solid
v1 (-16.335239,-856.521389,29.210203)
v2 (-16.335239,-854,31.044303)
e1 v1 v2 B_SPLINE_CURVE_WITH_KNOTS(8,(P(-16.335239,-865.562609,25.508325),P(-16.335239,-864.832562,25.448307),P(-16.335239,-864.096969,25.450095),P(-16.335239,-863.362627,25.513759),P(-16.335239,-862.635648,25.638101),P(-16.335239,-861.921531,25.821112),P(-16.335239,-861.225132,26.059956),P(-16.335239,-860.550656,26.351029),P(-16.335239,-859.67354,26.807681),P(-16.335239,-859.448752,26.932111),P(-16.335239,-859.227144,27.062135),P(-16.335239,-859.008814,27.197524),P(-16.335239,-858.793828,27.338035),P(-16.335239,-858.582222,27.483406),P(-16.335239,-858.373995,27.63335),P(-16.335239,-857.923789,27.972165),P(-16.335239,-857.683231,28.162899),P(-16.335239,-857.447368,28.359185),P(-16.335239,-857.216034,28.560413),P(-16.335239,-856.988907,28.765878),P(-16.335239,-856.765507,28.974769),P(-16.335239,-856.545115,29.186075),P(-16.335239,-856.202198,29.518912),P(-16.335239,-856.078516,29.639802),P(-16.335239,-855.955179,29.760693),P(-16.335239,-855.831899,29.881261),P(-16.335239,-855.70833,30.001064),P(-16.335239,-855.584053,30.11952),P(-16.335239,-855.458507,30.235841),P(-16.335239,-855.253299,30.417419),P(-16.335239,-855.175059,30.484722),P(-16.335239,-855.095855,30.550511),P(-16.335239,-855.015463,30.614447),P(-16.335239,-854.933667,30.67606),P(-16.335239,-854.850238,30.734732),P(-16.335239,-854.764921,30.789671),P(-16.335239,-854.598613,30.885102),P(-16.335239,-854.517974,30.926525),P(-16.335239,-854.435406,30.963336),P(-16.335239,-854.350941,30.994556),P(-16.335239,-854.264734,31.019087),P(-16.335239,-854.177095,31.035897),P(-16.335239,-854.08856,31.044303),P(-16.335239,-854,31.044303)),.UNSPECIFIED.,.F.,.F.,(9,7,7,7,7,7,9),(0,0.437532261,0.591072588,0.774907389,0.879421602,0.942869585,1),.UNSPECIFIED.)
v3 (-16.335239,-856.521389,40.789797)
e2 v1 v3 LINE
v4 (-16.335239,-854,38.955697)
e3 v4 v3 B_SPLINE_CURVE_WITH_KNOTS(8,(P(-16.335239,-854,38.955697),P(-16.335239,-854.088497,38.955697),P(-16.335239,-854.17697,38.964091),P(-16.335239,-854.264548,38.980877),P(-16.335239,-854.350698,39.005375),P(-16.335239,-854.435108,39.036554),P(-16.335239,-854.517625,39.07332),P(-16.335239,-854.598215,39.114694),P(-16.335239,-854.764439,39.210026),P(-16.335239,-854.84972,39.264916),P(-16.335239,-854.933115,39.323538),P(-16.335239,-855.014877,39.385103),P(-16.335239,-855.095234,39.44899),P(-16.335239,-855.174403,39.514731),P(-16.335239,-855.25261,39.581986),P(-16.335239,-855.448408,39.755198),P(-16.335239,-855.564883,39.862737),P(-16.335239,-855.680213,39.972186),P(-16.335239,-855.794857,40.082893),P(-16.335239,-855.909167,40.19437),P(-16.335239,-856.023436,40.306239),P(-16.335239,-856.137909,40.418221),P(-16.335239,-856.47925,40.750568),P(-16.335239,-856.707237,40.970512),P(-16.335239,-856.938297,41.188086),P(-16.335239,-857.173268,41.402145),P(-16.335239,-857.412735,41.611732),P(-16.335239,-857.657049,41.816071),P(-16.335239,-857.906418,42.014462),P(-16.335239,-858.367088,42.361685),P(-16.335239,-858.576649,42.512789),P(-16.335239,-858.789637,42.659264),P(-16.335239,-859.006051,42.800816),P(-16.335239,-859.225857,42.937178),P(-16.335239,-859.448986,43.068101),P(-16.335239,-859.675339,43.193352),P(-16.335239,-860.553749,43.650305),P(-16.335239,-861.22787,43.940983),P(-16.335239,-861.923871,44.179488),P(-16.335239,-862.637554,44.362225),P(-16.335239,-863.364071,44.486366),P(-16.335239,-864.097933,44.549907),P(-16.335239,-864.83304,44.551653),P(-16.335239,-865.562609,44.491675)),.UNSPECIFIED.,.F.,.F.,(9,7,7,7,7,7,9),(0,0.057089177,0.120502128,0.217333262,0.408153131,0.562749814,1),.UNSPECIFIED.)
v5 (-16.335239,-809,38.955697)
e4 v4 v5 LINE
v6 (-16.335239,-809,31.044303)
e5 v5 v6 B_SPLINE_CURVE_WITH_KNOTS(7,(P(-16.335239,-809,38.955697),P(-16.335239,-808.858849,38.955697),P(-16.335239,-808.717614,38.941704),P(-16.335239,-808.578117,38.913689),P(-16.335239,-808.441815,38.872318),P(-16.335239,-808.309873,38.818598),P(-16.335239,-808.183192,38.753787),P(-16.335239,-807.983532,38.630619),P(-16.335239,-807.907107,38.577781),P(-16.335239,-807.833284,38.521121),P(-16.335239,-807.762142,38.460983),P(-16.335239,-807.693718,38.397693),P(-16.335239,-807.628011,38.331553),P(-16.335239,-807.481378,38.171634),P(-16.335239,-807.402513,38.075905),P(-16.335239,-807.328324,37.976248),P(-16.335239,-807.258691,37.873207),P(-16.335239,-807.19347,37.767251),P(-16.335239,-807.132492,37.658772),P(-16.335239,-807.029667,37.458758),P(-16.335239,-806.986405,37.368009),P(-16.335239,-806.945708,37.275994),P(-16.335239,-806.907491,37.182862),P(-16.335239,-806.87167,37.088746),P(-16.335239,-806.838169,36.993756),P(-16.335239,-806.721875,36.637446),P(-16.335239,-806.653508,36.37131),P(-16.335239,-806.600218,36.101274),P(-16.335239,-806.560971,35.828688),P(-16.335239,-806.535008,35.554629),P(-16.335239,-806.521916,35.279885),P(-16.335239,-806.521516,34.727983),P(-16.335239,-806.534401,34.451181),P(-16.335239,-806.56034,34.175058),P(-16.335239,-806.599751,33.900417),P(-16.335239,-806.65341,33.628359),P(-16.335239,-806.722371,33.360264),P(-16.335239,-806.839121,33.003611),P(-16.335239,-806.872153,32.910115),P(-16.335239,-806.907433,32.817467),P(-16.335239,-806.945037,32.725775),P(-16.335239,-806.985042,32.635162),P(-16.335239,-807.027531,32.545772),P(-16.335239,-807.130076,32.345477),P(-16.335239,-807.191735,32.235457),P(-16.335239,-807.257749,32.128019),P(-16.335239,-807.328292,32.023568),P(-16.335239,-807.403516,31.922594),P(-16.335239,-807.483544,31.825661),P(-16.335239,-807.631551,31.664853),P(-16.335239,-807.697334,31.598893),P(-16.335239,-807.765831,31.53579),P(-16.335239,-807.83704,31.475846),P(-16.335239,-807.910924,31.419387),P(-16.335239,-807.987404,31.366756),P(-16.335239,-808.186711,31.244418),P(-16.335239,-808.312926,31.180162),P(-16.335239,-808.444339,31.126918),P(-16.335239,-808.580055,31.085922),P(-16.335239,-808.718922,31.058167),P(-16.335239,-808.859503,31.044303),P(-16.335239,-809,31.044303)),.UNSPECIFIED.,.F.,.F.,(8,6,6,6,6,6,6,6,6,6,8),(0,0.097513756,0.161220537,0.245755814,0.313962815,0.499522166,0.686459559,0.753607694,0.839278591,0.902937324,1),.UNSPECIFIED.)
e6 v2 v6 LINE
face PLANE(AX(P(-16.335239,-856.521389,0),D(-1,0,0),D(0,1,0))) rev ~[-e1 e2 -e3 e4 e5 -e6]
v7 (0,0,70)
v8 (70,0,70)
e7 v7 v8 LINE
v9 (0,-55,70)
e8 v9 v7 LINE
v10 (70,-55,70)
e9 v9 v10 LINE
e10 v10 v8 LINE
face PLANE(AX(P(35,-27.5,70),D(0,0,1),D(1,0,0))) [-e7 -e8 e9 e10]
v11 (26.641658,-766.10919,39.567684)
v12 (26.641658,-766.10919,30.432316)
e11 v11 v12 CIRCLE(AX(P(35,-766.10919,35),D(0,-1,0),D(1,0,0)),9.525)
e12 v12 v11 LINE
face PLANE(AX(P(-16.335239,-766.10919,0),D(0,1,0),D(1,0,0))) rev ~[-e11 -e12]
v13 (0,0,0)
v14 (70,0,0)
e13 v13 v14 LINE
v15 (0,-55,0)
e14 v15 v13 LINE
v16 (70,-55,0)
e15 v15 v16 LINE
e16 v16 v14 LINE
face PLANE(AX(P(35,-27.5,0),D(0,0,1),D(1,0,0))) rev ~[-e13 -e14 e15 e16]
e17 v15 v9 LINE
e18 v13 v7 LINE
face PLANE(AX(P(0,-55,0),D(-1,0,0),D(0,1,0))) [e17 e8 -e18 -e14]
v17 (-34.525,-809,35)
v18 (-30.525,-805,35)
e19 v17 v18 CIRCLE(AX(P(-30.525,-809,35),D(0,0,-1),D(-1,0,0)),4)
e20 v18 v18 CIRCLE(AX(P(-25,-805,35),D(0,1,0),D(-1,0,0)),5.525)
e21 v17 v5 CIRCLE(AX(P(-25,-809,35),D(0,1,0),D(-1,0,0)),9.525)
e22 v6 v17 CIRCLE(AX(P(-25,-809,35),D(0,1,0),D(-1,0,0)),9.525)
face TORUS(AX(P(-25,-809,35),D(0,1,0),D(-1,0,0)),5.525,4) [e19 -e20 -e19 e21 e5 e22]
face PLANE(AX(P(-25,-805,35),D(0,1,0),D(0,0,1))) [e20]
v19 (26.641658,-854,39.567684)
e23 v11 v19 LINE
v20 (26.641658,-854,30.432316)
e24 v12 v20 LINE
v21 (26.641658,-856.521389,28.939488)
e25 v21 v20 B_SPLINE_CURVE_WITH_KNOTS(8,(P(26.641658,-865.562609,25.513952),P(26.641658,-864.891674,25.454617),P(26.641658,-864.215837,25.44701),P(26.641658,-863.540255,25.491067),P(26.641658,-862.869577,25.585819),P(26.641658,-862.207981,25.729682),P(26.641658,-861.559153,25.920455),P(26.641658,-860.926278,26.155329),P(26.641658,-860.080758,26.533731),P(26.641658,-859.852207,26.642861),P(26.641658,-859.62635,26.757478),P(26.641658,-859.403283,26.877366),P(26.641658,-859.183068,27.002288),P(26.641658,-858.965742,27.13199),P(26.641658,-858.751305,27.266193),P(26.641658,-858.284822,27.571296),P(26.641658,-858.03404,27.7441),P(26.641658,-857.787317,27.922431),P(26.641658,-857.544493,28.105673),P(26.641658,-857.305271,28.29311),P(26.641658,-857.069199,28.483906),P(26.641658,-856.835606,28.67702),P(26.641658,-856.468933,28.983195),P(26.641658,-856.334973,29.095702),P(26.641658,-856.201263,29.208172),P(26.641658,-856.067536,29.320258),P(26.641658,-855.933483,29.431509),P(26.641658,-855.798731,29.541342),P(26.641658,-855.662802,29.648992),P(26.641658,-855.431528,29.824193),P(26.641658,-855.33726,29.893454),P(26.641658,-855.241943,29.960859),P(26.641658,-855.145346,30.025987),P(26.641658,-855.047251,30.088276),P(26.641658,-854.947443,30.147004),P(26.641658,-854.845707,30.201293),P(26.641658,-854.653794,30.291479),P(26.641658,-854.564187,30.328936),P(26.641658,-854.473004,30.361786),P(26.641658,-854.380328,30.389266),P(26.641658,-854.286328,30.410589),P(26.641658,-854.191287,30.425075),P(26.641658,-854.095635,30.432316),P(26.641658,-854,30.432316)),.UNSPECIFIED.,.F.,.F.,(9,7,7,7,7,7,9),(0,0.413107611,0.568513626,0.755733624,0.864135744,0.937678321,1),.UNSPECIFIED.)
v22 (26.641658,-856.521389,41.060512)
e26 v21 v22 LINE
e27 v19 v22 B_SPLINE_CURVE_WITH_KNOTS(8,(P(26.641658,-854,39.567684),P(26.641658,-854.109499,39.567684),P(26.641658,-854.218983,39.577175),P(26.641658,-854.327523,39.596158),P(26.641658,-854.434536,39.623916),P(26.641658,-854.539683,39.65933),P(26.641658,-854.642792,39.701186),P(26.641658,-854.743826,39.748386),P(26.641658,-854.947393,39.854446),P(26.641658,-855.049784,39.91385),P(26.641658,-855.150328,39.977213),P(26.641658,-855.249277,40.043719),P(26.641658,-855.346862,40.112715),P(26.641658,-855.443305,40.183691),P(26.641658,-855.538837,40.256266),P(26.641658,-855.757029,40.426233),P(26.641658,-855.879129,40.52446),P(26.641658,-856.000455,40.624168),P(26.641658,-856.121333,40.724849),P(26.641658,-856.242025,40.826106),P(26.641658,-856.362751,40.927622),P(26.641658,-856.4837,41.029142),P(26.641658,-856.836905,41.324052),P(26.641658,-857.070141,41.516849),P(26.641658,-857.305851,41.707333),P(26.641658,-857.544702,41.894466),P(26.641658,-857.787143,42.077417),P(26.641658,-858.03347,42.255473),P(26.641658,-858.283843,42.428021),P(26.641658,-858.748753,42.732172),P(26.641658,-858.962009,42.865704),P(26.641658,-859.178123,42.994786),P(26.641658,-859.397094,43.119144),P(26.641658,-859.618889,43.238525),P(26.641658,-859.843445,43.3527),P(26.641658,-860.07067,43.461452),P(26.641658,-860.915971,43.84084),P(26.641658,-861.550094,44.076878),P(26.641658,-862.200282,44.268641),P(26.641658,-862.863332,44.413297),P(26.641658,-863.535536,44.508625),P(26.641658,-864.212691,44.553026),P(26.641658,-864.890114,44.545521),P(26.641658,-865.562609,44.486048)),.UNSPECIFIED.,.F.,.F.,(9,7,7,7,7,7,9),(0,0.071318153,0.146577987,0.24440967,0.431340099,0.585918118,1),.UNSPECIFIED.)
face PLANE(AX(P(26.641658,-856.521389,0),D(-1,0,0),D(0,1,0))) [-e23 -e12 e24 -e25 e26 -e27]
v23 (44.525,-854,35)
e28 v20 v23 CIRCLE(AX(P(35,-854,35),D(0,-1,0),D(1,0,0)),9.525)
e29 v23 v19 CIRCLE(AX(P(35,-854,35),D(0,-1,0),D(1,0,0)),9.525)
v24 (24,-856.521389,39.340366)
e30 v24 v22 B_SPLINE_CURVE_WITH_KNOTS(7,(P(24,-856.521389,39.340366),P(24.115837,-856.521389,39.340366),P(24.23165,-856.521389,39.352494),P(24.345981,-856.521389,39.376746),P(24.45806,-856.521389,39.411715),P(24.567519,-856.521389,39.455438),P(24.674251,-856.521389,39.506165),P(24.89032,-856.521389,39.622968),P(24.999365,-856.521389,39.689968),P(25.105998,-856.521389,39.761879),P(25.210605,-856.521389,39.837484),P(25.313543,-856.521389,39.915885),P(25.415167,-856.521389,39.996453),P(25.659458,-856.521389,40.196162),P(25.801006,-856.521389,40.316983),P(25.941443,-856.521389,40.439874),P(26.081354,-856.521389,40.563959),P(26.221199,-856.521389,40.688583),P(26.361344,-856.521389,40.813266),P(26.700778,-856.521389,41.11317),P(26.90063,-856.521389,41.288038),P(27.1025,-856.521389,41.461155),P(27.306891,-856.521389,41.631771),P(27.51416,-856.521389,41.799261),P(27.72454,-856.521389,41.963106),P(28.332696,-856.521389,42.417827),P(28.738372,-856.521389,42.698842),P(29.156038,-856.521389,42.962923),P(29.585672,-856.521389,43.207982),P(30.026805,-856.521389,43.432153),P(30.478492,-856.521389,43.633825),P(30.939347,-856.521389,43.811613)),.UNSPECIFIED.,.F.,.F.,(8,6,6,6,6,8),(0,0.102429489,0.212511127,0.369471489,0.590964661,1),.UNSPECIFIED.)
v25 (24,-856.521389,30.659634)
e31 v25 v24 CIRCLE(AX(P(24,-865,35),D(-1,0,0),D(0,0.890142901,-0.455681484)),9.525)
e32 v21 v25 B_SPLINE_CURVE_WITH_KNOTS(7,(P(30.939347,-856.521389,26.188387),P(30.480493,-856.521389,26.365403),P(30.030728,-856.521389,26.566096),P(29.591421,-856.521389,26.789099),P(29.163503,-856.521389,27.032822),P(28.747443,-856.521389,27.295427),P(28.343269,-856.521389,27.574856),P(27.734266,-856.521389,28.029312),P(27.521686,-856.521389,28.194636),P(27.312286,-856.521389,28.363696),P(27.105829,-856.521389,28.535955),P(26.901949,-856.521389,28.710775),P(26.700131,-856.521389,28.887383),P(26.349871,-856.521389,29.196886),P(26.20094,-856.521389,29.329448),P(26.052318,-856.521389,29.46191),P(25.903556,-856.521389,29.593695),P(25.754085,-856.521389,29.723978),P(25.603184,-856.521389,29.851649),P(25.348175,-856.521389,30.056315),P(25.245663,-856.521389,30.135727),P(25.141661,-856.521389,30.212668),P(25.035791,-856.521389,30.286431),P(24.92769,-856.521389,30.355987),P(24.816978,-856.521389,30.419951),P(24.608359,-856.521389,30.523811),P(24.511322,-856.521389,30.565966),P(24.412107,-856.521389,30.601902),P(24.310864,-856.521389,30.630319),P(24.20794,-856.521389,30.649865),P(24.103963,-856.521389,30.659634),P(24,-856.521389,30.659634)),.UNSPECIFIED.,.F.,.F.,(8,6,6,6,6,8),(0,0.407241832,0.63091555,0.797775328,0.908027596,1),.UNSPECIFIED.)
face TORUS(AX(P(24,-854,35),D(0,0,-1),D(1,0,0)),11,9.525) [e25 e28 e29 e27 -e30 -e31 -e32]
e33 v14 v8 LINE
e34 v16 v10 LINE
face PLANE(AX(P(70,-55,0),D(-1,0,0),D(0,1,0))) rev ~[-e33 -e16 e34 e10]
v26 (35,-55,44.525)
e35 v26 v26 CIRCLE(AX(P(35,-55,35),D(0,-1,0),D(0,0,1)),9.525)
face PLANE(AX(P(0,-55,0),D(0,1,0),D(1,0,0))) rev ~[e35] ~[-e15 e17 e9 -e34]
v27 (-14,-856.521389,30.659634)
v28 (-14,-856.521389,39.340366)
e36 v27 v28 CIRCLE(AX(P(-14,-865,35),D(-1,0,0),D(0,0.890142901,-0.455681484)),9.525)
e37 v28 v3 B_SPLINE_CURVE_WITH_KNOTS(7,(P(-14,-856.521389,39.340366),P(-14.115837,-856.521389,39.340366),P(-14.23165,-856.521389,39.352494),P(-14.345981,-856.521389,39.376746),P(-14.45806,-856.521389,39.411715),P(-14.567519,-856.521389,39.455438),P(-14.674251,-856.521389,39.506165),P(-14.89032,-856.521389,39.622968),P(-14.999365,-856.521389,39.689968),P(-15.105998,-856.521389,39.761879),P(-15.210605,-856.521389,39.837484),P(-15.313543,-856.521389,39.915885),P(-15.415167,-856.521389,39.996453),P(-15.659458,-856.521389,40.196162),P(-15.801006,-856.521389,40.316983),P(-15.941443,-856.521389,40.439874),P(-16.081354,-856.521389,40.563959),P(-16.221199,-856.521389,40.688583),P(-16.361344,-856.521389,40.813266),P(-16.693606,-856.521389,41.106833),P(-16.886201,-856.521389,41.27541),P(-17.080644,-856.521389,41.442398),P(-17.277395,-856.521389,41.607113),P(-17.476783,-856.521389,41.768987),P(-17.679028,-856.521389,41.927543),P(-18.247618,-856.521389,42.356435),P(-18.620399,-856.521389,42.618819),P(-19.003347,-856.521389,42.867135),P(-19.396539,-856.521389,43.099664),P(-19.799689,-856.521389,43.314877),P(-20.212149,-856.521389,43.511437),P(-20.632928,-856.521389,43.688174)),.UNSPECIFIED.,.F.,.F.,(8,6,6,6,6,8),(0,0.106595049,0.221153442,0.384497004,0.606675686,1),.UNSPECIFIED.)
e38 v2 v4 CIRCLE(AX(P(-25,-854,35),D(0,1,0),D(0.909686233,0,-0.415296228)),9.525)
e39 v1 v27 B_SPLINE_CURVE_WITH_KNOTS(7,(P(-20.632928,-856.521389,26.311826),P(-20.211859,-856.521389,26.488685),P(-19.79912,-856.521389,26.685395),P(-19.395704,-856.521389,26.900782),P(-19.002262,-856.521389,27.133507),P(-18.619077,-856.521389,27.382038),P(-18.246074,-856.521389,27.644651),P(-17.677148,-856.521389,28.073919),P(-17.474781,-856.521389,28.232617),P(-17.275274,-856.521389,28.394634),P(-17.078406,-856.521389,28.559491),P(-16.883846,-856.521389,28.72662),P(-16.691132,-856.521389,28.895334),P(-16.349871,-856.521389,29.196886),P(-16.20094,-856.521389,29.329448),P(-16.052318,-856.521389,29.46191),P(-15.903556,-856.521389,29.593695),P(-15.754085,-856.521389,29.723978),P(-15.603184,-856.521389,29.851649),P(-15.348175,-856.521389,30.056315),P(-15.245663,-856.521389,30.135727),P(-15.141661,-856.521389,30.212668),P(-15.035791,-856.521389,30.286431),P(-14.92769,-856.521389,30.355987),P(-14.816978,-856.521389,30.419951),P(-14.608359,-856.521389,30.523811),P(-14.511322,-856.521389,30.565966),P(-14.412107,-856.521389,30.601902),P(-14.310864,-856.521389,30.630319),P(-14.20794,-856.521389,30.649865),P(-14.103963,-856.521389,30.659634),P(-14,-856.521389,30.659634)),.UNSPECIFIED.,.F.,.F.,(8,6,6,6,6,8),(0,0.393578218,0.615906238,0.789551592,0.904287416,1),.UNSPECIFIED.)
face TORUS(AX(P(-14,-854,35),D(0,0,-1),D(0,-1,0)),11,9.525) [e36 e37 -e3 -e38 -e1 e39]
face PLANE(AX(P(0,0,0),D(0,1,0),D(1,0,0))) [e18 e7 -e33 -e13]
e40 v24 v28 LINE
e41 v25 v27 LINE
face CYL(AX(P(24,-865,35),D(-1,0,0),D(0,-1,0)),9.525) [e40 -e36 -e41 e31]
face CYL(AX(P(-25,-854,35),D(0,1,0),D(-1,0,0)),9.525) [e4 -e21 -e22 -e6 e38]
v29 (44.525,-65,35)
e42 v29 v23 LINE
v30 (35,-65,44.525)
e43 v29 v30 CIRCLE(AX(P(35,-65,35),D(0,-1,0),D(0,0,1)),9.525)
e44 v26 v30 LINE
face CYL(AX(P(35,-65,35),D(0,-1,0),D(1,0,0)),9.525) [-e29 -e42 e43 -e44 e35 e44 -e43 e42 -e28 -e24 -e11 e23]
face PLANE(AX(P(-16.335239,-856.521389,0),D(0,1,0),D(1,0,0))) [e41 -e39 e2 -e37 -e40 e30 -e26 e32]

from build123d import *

# Parameters (mm, degrees)
CROQUIS1_W              = 70
CROQUIS1_H              = 55
SALIENTE_EXTRUIR1_DEPTH = 70
CROQUIS2_R              = 9.525
SALIENTE_EXTRUIR2_DEPTH = 10
CROQUIS3_R              = 9.525
REDONDEO1_R             = 4
CROQUIS5_W              = 42.976896334
CROQUIS5_H              = 90.412198776
CORTAR_EXTRUIR2_DEPTH   = 70


with BuildPart() as part:
    # Croquis1 → Saliente-Extruir1 (new body)
    with BuildSketch(Plane.XY):
        with Locations((35, -27.5)):
            Rectangle(CROQUIS1_W, CROQUIS1_H)
    extrude(amount=SALIENTE_EXTRUIR1_DEPTH)

    # Croquis2 → Saliente-Extruir2 (add)
    with BuildSketch(Plane.XZ.offset(55)):
        with Locations(Location((35, 35, 0), (0, 0, 90))):
            Circle(CROQUIS2_R)
    extrude(amount=SALIENTE_EXTRUIR2_DEPTH)

    # Barrer1: sweep along a curve in space
    with BuildLine() as barrer1_path:
        Line((35, -65, 35), (35, -854, 35))
        ThreePointArc((35, -854, 35), (31.778174593, -861.778174593, 35), (24, -865, 35))
        Line((24, -865, 35), (-14, -865, 35))
        ThreePointArc((-14, -865, 35), (-21.778174593, -861.778174593, 35), (-25, -854, 35))
        Line((-25, -854, 35), (-25, -805, 35))
    # Croquis3 → Barrer1 (sweep)
    with BuildSketch(Plane.XZ.offset(65)):
        with Locations((35, 35)):
            Circle(CROQUIS3_R)
    sweep(path=barrer1_path.line)

    # Redondeo1
    redondeo1_edges = [part.edges().sort_by_distance(p)[0] for p in [
        (-15.475, -805, 35),
    ]]
    fillet(redondeo1_edges, radius=REDONDEO1_R)

    # Croquis5 → Cortar-Extruir2 (cut)
    with BuildSketch(Plane.XY):
        with Locations((5.153209537, -811.315289476)):
            Rectangle(CROQUIS5_W, CROQUIS5_H)
    extrude(amount=CORTAR_EXTRUIR2_DEPTH, mode=Mode.SUBTRACT)


solid = part.part
